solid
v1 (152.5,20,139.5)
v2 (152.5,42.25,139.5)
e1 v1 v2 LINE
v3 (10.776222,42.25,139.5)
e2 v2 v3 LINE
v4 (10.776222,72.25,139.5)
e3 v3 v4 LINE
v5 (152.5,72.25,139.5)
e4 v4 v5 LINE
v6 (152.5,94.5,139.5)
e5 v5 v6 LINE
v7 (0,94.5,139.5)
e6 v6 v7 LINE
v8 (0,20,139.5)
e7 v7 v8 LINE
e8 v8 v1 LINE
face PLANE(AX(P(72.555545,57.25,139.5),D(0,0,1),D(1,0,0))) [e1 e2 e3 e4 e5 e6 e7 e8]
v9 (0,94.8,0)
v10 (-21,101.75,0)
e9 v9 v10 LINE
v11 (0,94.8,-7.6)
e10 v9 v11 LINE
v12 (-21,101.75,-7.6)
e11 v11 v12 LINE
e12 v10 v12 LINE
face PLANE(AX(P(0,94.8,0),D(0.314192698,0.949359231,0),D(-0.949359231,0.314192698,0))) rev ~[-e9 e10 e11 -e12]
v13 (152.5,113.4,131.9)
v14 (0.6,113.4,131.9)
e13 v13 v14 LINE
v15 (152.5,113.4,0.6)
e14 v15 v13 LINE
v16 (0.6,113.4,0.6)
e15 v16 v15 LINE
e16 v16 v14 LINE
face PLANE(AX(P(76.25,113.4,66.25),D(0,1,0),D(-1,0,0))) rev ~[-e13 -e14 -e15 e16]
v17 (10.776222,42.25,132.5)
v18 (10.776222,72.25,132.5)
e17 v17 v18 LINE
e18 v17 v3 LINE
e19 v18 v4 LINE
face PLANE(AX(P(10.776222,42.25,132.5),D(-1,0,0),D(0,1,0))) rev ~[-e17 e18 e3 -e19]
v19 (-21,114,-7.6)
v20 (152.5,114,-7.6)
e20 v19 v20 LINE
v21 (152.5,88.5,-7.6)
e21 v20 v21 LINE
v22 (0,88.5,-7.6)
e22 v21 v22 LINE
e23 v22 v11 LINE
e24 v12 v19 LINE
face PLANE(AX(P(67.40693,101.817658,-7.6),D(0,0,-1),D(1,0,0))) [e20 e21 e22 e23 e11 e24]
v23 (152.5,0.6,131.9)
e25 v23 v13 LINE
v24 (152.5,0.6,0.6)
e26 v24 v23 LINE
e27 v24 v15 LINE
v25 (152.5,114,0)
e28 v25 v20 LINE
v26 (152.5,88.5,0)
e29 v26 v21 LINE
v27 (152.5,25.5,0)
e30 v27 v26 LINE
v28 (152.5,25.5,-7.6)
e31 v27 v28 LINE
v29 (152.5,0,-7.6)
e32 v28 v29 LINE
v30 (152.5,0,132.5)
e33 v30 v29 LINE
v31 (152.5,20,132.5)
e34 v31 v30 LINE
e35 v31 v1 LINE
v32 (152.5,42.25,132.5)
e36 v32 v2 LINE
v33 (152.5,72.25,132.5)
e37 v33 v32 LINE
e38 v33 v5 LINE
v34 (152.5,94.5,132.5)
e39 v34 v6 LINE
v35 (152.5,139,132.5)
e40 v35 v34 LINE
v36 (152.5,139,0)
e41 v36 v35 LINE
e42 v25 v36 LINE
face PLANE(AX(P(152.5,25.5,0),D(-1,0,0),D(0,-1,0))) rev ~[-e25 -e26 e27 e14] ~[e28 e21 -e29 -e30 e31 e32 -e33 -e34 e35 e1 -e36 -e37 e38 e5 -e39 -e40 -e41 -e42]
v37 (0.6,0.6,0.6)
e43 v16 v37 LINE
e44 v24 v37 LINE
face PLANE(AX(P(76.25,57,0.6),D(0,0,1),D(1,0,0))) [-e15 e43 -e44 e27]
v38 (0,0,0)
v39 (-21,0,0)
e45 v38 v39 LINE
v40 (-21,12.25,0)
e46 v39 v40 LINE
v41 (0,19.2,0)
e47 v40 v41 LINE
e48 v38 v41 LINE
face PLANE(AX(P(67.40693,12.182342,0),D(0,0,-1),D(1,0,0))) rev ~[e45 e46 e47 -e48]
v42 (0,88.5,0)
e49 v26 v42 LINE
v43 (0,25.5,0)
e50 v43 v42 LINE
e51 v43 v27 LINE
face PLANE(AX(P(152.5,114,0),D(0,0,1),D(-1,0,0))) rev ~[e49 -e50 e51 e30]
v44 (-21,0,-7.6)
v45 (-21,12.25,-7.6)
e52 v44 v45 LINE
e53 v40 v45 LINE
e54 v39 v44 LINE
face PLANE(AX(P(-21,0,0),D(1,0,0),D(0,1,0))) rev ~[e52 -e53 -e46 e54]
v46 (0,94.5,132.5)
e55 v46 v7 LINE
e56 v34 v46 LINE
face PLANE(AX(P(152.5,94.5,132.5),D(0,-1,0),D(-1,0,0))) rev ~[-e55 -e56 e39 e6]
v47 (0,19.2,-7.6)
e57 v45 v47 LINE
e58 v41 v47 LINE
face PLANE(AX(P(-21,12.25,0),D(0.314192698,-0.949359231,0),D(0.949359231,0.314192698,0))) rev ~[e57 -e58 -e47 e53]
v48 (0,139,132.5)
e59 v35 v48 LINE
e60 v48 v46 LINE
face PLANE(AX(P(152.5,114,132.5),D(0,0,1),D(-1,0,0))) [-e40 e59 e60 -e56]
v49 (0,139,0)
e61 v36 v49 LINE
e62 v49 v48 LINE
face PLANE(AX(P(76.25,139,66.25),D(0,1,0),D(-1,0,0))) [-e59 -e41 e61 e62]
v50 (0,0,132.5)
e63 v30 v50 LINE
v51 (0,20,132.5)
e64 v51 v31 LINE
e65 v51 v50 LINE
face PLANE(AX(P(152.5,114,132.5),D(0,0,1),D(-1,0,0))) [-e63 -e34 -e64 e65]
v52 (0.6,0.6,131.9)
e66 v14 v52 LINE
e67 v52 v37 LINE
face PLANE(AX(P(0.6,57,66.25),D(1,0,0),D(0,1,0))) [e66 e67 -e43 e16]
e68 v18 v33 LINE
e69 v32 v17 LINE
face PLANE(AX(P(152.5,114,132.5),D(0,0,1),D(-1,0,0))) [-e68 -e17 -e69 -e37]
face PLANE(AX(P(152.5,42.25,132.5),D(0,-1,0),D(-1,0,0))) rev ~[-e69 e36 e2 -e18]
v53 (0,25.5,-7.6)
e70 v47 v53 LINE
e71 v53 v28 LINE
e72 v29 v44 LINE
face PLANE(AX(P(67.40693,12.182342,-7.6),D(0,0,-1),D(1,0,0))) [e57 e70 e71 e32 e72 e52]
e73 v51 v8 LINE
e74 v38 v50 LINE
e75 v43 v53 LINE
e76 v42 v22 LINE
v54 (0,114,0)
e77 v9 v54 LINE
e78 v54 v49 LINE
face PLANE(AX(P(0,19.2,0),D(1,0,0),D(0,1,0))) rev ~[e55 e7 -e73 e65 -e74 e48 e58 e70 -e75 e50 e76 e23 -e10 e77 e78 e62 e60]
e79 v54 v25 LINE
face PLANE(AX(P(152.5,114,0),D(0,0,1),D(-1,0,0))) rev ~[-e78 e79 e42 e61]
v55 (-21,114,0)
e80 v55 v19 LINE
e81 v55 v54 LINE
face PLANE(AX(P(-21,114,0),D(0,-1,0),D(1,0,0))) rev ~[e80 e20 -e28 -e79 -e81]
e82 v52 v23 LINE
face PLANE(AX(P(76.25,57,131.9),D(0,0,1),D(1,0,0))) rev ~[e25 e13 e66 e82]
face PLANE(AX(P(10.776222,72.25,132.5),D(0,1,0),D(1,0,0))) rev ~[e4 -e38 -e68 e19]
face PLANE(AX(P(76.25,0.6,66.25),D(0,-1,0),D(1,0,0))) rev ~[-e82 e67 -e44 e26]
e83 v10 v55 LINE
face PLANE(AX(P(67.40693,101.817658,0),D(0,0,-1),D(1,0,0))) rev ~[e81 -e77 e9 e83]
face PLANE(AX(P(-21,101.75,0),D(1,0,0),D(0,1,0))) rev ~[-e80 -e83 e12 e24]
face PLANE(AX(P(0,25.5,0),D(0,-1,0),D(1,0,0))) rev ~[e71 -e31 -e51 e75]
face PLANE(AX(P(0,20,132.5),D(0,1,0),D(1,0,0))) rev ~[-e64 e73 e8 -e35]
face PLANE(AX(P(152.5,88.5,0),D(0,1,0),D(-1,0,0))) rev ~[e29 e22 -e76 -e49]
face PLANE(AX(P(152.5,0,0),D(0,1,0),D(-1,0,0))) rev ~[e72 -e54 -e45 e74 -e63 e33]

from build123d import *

# Parameters (mm, degrees)
F6_W      = 114
F6_H      = 132.5
F7_DEPTH  = 0.6
F5_W      = 152.5
F5_H      = 114
F9_DEPTH  = 0.6
F1_W      = 152.5
F1_H      = 132.5
F10_DEPTH = 0.6
F3_W      = 152.5
F3_H      = 132.5
F11_DEPTH = 0.6
F0_W      = 152.5
F0_H      = 114
F12_DEPTH = 0.6
F13_W     = 152.5
F13_H     = 132.5
F14_DEPTH = 25
F16_DEPTH = 7
F18_DEPTH = 7.6


with BuildPart() as f7:
    # F6 (on Right) → F7 (new body)
    with BuildSketch(Plane.YZ):
        with Locations((57, 66.25)):
            Rectangle(F6_W, F6_H)
    extrude(amount=F7_DEPTH)

    # F5 (on line) → F9 (join)
    with BuildSketch(Plane.XY.offset(132.5)):
        with Locations((76.25, 57)):
            Rectangle(F5_W, F5_H)
    extrude(amount=-F9_DEPTH)

    # F1 (on Front) → F10 (join)
    with BuildSketch(Plane.XZ):
        with Locations((76.25, 66.25)):
            Rectangle(F1_W, F1_H)
    extrude(amount=-F10_DEPTH)

    # F3 (on line) → F11 (join)
    with BuildSketch(Plane(origin=(0, 114, 0), x_dir=(-1, 0, 0), z_dir=(0, 1, 0))):
        with Locations((-76.25, 66.25)):
            Rectangle(F3_W, F3_H)
    extrude(amount=-F11_DEPTH)

    # F0 (on Top) → F12 (join)
    with BuildSketch(Plane.XY):
        with Locations((76.25, 57)):
            Rectangle(F0_W, F0_H)
    extrude(amount=F12_DEPTH)

    # F13 (on face) → F14 (join)
    with BuildSketch(Plane(origin=(0, 114, 0), x_dir=(-1, 0, 0), z_dir=(0, 1, 0))):
        with Locations((-76.25, 66.25)):
            Rectangle(F13_W, F13_H)
    extrude(amount=F14_DEPTH)

    # F15 (on face) → F16 (join)
    with BuildSketch(Plane.XY.offset(132.5)):
        Polygon((0, 94.5), (0, 20), (152.5, 20), (152.5, 42.25), (10.7762217522, 42.25), (10.7762217522, 72.25), (152.5, 72.25), (152.5, 94.5), align=None)
    extrude(amount=F16_DEPTH)

    # F17 (on face) → F18 (join)
    with BuildSketch(Plane(origin=(0, 0, 0), x_dir=(1, 0, 0), z_dir=(0, 0, -1))):
        Polygon((152.5, -25.5), (152.5, 0), (0, 0), (-21, 0), (-21, -12.25), (0, -19.2), (0, -25.5), align=None)
        Polygon((0, -114), (152.5, -114), (152.5, -88.5), (0, -88.5), (0, -94.8), (-21, -101.75), (-21, -114), align=None)
    extrude(amount=F18_DEPTH)


solid = f7.part
